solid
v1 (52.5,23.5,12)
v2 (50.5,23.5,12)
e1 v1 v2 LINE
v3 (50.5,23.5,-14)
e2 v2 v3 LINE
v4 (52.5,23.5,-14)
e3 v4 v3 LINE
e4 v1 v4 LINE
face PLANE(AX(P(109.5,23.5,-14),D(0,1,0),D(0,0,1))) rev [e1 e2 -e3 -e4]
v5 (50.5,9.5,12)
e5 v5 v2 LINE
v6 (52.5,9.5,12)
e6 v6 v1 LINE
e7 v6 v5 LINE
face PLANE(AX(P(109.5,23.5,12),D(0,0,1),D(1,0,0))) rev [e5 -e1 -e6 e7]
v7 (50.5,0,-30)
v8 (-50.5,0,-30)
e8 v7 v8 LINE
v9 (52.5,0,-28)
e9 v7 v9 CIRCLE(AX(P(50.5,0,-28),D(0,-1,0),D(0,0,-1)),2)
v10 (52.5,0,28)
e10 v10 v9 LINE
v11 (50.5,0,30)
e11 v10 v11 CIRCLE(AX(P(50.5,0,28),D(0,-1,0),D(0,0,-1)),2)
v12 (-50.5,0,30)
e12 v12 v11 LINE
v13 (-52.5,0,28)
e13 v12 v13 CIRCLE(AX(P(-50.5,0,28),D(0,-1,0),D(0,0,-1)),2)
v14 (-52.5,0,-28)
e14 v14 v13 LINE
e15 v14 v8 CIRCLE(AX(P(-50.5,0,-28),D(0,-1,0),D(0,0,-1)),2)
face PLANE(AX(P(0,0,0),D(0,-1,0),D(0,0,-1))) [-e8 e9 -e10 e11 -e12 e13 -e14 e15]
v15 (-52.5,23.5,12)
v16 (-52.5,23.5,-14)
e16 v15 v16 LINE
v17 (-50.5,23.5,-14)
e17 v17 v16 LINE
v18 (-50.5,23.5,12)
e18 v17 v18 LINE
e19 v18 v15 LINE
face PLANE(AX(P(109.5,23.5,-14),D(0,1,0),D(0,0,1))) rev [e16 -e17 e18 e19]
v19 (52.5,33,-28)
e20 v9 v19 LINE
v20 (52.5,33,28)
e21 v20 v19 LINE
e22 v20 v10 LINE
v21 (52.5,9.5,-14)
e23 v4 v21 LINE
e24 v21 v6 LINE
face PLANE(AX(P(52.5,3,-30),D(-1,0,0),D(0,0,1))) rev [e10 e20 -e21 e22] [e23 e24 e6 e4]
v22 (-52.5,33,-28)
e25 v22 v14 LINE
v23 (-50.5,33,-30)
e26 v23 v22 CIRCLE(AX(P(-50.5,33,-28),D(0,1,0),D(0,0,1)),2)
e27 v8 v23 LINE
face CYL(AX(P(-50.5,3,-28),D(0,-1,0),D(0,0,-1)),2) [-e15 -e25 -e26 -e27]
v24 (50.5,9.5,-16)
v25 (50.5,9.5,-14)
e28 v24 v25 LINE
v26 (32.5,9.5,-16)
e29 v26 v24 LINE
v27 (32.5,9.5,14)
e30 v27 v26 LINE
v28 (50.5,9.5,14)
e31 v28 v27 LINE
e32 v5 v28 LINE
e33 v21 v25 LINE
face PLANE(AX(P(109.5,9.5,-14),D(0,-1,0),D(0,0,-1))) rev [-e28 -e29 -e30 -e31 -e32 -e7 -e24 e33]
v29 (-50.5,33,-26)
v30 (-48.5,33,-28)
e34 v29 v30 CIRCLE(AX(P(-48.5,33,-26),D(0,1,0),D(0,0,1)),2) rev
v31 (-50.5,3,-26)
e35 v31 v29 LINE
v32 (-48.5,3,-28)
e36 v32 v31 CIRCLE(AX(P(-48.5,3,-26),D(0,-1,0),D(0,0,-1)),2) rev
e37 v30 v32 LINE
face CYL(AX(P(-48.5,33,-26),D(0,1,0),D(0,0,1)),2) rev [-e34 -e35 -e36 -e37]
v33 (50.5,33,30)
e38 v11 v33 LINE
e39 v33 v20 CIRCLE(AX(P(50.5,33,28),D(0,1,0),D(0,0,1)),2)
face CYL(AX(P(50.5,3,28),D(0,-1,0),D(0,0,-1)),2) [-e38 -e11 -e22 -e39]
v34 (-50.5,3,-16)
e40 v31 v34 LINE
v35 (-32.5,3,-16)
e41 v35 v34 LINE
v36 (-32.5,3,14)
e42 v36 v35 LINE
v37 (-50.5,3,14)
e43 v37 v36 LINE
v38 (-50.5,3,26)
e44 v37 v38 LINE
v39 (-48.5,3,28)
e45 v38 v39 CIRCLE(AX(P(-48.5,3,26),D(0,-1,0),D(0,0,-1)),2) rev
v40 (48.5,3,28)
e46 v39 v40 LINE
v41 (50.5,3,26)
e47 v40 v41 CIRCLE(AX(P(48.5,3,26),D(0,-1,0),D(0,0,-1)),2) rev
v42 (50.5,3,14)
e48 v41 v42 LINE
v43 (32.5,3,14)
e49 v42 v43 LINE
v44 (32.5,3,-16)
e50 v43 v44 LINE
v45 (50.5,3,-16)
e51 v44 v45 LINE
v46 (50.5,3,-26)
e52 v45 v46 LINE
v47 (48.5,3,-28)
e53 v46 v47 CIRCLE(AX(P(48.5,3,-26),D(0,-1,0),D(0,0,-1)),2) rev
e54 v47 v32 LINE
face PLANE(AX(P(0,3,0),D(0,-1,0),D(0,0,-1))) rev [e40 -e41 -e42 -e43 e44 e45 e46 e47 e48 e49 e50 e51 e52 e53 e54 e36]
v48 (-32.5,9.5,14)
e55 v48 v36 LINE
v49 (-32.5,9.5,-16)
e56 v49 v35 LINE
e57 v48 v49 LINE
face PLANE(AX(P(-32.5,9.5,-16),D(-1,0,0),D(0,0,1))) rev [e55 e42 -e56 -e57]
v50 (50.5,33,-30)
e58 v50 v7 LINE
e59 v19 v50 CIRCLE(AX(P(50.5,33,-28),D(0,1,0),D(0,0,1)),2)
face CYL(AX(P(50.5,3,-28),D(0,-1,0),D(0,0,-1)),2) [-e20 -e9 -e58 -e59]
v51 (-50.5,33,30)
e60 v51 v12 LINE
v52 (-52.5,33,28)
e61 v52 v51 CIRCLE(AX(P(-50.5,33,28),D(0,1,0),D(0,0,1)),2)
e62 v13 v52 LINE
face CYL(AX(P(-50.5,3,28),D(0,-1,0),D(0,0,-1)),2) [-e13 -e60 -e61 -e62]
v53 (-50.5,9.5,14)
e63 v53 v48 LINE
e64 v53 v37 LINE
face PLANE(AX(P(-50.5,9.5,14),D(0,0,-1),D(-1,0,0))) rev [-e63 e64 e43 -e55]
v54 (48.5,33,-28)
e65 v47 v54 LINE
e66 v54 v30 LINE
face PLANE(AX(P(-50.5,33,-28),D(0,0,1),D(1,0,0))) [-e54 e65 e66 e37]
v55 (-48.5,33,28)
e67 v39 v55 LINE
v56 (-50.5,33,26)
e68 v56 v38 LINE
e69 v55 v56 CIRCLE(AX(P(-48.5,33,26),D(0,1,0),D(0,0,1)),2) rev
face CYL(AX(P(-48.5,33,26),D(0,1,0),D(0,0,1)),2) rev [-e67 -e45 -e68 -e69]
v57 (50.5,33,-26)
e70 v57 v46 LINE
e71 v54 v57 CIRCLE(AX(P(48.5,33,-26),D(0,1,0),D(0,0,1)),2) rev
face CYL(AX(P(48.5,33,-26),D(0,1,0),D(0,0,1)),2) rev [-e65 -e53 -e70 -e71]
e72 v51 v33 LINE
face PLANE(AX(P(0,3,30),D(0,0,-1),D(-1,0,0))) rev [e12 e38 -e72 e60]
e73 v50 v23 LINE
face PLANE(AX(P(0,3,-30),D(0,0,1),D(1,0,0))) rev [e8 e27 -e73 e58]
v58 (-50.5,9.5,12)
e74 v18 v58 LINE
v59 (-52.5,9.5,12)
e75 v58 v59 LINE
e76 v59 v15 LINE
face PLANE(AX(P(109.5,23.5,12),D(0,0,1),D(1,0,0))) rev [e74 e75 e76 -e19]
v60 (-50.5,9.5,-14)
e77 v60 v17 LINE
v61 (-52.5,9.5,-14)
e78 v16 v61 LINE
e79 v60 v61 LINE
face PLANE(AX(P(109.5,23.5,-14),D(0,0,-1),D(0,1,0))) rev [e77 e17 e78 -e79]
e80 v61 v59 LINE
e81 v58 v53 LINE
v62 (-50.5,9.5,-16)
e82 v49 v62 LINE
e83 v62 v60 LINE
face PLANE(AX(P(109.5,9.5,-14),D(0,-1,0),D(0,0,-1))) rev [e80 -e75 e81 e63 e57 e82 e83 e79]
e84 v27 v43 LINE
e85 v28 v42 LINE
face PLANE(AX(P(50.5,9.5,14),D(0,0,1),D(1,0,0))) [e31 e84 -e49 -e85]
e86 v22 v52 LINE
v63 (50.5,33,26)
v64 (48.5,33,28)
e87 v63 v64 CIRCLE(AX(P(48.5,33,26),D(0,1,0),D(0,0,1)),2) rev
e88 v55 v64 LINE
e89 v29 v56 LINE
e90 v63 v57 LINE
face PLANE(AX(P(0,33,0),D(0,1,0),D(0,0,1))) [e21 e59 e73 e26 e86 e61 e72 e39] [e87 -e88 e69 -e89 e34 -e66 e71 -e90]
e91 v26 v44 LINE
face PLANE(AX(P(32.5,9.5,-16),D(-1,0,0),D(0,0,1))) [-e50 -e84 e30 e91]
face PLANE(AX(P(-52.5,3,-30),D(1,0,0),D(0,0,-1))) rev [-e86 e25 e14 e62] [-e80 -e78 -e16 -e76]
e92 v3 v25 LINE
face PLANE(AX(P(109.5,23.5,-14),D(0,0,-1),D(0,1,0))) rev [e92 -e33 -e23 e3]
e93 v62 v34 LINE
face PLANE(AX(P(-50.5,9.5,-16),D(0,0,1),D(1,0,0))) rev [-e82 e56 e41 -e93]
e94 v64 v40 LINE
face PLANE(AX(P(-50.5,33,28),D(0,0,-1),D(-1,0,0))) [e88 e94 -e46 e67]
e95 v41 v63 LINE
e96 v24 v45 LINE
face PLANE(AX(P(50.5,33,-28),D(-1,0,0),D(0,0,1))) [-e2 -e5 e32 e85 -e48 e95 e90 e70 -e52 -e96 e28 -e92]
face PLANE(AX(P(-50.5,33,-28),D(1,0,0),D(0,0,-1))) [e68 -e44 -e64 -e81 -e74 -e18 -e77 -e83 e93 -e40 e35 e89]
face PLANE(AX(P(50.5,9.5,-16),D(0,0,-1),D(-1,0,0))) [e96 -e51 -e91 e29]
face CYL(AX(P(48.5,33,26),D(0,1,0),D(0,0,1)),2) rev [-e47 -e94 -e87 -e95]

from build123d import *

# Parameters (mm, degrees)
BOSS_EXTRU_1_DEPTH      = 3
ESQUISSE3_W             = 105
ESQUISSE3_H             = 60
ESQUISSE3_W_2           = 101
ESQUISSE3_H_2           = 56
BOSS_EXTRU_2_DEPTH      = 30
CONG_2_R                = 2
CONG_4_R                = 2
ESQUISSE4_W             = 26
ESQUISSE4_H             = 14
ENL_V_MAT_EXTRU_2_DEPTH = 162
ESQUISSE6_W             = 18
ESQUISSE6_H             = 30
BOSS_EXTRU_7_DEPTH      = 6.5


with BuildPart() as part:
    # Esquisse2 → Boss.-Extru.1 (new body)
    with BuildSketch(Plane(origin=(0, 0, 0), x_dir=(1, 0, 0), z_dir=(0, 1, 0))):
        Polygon((0, 30), (-52.5, 30), (-52.5, -30), (0, -30), (52.5, -30), (52.5, 30), align=None)
    extrude(amount=BOSS_EXTRU_1_DEPTH)

    # Esquisse3 → Boss.-Extru.2 (add)
    with BuildSketch(Plane(origin=(0, 3, 0), x_dir=(1, 0, 0), z_dir=(0, 1, 0))):
        Rectangle(ESQUISSE3_W, ESQUISSE3_H)
        Rectangle(ESQUISSE3_W_2, ESQUISSE3_H_2, mode=Mode.SUBTRACT)
    extrude(amount=BOSS_EXTRU_2_DEPTH)

    # Congé2
    cong_2_edges = [part.edges().sort_by_distance(p)[0] for p in [
        (52.5, 16.5, -30),
        (52.5, 16.5, 30),
        (-52.5, 16.5, 30),
        (-52.5, 16.5, -30),
    ]]
    fillet(cong_2_edges, radius=CONG_2_R)

    # Congé4
    cong_4_edges = [part.edges().sort_by_distance(p)[0] for p in [
        (-50.5, 18, 28),
        (50.5, 18, 28),
        (50.5, 18, -28),
        (-50.5, 18, -28),
    ]]
    fillet(cong_4_edges, radius=CONG_4_R)

    # Esquisse4 → Enlèv. mat.-Extru.2 (cut)
    with BuildSketch(Plane.ZY.offset(52.5)):
        with Locations((-1, 16.5)):
            Rectangle(ESQUISSE4_W, ESQUISSE4_H)
    extrude(amount=-ENL_V_MAT_EXTRU_2_DEPTH, mode=Mode.SUBTRACT)

    # Esquisse6 → Boss.-Extru.7 (add)
    with BuildSketch(Plane(origin=(0, 3, 0), x_dir=(1, 0, 0), z_dir=(0, 1, 0))):
        with Locations((-41.5, 1)):
            Rectangle(ESQUISSE6_W, ESQUISSE6_H)
    boss_extru_7 = extrude(amount=BOSS_EXTRU_7_DEPTH)

    # Symétrie1: Boss.-Extru.7 across plane
    add(boss_extru_7.mirror(Plane(origin=(0, 0, 0), x_dir=(0, 0, 1), z_dir=(1, 0, 0))))


solid = part.part
